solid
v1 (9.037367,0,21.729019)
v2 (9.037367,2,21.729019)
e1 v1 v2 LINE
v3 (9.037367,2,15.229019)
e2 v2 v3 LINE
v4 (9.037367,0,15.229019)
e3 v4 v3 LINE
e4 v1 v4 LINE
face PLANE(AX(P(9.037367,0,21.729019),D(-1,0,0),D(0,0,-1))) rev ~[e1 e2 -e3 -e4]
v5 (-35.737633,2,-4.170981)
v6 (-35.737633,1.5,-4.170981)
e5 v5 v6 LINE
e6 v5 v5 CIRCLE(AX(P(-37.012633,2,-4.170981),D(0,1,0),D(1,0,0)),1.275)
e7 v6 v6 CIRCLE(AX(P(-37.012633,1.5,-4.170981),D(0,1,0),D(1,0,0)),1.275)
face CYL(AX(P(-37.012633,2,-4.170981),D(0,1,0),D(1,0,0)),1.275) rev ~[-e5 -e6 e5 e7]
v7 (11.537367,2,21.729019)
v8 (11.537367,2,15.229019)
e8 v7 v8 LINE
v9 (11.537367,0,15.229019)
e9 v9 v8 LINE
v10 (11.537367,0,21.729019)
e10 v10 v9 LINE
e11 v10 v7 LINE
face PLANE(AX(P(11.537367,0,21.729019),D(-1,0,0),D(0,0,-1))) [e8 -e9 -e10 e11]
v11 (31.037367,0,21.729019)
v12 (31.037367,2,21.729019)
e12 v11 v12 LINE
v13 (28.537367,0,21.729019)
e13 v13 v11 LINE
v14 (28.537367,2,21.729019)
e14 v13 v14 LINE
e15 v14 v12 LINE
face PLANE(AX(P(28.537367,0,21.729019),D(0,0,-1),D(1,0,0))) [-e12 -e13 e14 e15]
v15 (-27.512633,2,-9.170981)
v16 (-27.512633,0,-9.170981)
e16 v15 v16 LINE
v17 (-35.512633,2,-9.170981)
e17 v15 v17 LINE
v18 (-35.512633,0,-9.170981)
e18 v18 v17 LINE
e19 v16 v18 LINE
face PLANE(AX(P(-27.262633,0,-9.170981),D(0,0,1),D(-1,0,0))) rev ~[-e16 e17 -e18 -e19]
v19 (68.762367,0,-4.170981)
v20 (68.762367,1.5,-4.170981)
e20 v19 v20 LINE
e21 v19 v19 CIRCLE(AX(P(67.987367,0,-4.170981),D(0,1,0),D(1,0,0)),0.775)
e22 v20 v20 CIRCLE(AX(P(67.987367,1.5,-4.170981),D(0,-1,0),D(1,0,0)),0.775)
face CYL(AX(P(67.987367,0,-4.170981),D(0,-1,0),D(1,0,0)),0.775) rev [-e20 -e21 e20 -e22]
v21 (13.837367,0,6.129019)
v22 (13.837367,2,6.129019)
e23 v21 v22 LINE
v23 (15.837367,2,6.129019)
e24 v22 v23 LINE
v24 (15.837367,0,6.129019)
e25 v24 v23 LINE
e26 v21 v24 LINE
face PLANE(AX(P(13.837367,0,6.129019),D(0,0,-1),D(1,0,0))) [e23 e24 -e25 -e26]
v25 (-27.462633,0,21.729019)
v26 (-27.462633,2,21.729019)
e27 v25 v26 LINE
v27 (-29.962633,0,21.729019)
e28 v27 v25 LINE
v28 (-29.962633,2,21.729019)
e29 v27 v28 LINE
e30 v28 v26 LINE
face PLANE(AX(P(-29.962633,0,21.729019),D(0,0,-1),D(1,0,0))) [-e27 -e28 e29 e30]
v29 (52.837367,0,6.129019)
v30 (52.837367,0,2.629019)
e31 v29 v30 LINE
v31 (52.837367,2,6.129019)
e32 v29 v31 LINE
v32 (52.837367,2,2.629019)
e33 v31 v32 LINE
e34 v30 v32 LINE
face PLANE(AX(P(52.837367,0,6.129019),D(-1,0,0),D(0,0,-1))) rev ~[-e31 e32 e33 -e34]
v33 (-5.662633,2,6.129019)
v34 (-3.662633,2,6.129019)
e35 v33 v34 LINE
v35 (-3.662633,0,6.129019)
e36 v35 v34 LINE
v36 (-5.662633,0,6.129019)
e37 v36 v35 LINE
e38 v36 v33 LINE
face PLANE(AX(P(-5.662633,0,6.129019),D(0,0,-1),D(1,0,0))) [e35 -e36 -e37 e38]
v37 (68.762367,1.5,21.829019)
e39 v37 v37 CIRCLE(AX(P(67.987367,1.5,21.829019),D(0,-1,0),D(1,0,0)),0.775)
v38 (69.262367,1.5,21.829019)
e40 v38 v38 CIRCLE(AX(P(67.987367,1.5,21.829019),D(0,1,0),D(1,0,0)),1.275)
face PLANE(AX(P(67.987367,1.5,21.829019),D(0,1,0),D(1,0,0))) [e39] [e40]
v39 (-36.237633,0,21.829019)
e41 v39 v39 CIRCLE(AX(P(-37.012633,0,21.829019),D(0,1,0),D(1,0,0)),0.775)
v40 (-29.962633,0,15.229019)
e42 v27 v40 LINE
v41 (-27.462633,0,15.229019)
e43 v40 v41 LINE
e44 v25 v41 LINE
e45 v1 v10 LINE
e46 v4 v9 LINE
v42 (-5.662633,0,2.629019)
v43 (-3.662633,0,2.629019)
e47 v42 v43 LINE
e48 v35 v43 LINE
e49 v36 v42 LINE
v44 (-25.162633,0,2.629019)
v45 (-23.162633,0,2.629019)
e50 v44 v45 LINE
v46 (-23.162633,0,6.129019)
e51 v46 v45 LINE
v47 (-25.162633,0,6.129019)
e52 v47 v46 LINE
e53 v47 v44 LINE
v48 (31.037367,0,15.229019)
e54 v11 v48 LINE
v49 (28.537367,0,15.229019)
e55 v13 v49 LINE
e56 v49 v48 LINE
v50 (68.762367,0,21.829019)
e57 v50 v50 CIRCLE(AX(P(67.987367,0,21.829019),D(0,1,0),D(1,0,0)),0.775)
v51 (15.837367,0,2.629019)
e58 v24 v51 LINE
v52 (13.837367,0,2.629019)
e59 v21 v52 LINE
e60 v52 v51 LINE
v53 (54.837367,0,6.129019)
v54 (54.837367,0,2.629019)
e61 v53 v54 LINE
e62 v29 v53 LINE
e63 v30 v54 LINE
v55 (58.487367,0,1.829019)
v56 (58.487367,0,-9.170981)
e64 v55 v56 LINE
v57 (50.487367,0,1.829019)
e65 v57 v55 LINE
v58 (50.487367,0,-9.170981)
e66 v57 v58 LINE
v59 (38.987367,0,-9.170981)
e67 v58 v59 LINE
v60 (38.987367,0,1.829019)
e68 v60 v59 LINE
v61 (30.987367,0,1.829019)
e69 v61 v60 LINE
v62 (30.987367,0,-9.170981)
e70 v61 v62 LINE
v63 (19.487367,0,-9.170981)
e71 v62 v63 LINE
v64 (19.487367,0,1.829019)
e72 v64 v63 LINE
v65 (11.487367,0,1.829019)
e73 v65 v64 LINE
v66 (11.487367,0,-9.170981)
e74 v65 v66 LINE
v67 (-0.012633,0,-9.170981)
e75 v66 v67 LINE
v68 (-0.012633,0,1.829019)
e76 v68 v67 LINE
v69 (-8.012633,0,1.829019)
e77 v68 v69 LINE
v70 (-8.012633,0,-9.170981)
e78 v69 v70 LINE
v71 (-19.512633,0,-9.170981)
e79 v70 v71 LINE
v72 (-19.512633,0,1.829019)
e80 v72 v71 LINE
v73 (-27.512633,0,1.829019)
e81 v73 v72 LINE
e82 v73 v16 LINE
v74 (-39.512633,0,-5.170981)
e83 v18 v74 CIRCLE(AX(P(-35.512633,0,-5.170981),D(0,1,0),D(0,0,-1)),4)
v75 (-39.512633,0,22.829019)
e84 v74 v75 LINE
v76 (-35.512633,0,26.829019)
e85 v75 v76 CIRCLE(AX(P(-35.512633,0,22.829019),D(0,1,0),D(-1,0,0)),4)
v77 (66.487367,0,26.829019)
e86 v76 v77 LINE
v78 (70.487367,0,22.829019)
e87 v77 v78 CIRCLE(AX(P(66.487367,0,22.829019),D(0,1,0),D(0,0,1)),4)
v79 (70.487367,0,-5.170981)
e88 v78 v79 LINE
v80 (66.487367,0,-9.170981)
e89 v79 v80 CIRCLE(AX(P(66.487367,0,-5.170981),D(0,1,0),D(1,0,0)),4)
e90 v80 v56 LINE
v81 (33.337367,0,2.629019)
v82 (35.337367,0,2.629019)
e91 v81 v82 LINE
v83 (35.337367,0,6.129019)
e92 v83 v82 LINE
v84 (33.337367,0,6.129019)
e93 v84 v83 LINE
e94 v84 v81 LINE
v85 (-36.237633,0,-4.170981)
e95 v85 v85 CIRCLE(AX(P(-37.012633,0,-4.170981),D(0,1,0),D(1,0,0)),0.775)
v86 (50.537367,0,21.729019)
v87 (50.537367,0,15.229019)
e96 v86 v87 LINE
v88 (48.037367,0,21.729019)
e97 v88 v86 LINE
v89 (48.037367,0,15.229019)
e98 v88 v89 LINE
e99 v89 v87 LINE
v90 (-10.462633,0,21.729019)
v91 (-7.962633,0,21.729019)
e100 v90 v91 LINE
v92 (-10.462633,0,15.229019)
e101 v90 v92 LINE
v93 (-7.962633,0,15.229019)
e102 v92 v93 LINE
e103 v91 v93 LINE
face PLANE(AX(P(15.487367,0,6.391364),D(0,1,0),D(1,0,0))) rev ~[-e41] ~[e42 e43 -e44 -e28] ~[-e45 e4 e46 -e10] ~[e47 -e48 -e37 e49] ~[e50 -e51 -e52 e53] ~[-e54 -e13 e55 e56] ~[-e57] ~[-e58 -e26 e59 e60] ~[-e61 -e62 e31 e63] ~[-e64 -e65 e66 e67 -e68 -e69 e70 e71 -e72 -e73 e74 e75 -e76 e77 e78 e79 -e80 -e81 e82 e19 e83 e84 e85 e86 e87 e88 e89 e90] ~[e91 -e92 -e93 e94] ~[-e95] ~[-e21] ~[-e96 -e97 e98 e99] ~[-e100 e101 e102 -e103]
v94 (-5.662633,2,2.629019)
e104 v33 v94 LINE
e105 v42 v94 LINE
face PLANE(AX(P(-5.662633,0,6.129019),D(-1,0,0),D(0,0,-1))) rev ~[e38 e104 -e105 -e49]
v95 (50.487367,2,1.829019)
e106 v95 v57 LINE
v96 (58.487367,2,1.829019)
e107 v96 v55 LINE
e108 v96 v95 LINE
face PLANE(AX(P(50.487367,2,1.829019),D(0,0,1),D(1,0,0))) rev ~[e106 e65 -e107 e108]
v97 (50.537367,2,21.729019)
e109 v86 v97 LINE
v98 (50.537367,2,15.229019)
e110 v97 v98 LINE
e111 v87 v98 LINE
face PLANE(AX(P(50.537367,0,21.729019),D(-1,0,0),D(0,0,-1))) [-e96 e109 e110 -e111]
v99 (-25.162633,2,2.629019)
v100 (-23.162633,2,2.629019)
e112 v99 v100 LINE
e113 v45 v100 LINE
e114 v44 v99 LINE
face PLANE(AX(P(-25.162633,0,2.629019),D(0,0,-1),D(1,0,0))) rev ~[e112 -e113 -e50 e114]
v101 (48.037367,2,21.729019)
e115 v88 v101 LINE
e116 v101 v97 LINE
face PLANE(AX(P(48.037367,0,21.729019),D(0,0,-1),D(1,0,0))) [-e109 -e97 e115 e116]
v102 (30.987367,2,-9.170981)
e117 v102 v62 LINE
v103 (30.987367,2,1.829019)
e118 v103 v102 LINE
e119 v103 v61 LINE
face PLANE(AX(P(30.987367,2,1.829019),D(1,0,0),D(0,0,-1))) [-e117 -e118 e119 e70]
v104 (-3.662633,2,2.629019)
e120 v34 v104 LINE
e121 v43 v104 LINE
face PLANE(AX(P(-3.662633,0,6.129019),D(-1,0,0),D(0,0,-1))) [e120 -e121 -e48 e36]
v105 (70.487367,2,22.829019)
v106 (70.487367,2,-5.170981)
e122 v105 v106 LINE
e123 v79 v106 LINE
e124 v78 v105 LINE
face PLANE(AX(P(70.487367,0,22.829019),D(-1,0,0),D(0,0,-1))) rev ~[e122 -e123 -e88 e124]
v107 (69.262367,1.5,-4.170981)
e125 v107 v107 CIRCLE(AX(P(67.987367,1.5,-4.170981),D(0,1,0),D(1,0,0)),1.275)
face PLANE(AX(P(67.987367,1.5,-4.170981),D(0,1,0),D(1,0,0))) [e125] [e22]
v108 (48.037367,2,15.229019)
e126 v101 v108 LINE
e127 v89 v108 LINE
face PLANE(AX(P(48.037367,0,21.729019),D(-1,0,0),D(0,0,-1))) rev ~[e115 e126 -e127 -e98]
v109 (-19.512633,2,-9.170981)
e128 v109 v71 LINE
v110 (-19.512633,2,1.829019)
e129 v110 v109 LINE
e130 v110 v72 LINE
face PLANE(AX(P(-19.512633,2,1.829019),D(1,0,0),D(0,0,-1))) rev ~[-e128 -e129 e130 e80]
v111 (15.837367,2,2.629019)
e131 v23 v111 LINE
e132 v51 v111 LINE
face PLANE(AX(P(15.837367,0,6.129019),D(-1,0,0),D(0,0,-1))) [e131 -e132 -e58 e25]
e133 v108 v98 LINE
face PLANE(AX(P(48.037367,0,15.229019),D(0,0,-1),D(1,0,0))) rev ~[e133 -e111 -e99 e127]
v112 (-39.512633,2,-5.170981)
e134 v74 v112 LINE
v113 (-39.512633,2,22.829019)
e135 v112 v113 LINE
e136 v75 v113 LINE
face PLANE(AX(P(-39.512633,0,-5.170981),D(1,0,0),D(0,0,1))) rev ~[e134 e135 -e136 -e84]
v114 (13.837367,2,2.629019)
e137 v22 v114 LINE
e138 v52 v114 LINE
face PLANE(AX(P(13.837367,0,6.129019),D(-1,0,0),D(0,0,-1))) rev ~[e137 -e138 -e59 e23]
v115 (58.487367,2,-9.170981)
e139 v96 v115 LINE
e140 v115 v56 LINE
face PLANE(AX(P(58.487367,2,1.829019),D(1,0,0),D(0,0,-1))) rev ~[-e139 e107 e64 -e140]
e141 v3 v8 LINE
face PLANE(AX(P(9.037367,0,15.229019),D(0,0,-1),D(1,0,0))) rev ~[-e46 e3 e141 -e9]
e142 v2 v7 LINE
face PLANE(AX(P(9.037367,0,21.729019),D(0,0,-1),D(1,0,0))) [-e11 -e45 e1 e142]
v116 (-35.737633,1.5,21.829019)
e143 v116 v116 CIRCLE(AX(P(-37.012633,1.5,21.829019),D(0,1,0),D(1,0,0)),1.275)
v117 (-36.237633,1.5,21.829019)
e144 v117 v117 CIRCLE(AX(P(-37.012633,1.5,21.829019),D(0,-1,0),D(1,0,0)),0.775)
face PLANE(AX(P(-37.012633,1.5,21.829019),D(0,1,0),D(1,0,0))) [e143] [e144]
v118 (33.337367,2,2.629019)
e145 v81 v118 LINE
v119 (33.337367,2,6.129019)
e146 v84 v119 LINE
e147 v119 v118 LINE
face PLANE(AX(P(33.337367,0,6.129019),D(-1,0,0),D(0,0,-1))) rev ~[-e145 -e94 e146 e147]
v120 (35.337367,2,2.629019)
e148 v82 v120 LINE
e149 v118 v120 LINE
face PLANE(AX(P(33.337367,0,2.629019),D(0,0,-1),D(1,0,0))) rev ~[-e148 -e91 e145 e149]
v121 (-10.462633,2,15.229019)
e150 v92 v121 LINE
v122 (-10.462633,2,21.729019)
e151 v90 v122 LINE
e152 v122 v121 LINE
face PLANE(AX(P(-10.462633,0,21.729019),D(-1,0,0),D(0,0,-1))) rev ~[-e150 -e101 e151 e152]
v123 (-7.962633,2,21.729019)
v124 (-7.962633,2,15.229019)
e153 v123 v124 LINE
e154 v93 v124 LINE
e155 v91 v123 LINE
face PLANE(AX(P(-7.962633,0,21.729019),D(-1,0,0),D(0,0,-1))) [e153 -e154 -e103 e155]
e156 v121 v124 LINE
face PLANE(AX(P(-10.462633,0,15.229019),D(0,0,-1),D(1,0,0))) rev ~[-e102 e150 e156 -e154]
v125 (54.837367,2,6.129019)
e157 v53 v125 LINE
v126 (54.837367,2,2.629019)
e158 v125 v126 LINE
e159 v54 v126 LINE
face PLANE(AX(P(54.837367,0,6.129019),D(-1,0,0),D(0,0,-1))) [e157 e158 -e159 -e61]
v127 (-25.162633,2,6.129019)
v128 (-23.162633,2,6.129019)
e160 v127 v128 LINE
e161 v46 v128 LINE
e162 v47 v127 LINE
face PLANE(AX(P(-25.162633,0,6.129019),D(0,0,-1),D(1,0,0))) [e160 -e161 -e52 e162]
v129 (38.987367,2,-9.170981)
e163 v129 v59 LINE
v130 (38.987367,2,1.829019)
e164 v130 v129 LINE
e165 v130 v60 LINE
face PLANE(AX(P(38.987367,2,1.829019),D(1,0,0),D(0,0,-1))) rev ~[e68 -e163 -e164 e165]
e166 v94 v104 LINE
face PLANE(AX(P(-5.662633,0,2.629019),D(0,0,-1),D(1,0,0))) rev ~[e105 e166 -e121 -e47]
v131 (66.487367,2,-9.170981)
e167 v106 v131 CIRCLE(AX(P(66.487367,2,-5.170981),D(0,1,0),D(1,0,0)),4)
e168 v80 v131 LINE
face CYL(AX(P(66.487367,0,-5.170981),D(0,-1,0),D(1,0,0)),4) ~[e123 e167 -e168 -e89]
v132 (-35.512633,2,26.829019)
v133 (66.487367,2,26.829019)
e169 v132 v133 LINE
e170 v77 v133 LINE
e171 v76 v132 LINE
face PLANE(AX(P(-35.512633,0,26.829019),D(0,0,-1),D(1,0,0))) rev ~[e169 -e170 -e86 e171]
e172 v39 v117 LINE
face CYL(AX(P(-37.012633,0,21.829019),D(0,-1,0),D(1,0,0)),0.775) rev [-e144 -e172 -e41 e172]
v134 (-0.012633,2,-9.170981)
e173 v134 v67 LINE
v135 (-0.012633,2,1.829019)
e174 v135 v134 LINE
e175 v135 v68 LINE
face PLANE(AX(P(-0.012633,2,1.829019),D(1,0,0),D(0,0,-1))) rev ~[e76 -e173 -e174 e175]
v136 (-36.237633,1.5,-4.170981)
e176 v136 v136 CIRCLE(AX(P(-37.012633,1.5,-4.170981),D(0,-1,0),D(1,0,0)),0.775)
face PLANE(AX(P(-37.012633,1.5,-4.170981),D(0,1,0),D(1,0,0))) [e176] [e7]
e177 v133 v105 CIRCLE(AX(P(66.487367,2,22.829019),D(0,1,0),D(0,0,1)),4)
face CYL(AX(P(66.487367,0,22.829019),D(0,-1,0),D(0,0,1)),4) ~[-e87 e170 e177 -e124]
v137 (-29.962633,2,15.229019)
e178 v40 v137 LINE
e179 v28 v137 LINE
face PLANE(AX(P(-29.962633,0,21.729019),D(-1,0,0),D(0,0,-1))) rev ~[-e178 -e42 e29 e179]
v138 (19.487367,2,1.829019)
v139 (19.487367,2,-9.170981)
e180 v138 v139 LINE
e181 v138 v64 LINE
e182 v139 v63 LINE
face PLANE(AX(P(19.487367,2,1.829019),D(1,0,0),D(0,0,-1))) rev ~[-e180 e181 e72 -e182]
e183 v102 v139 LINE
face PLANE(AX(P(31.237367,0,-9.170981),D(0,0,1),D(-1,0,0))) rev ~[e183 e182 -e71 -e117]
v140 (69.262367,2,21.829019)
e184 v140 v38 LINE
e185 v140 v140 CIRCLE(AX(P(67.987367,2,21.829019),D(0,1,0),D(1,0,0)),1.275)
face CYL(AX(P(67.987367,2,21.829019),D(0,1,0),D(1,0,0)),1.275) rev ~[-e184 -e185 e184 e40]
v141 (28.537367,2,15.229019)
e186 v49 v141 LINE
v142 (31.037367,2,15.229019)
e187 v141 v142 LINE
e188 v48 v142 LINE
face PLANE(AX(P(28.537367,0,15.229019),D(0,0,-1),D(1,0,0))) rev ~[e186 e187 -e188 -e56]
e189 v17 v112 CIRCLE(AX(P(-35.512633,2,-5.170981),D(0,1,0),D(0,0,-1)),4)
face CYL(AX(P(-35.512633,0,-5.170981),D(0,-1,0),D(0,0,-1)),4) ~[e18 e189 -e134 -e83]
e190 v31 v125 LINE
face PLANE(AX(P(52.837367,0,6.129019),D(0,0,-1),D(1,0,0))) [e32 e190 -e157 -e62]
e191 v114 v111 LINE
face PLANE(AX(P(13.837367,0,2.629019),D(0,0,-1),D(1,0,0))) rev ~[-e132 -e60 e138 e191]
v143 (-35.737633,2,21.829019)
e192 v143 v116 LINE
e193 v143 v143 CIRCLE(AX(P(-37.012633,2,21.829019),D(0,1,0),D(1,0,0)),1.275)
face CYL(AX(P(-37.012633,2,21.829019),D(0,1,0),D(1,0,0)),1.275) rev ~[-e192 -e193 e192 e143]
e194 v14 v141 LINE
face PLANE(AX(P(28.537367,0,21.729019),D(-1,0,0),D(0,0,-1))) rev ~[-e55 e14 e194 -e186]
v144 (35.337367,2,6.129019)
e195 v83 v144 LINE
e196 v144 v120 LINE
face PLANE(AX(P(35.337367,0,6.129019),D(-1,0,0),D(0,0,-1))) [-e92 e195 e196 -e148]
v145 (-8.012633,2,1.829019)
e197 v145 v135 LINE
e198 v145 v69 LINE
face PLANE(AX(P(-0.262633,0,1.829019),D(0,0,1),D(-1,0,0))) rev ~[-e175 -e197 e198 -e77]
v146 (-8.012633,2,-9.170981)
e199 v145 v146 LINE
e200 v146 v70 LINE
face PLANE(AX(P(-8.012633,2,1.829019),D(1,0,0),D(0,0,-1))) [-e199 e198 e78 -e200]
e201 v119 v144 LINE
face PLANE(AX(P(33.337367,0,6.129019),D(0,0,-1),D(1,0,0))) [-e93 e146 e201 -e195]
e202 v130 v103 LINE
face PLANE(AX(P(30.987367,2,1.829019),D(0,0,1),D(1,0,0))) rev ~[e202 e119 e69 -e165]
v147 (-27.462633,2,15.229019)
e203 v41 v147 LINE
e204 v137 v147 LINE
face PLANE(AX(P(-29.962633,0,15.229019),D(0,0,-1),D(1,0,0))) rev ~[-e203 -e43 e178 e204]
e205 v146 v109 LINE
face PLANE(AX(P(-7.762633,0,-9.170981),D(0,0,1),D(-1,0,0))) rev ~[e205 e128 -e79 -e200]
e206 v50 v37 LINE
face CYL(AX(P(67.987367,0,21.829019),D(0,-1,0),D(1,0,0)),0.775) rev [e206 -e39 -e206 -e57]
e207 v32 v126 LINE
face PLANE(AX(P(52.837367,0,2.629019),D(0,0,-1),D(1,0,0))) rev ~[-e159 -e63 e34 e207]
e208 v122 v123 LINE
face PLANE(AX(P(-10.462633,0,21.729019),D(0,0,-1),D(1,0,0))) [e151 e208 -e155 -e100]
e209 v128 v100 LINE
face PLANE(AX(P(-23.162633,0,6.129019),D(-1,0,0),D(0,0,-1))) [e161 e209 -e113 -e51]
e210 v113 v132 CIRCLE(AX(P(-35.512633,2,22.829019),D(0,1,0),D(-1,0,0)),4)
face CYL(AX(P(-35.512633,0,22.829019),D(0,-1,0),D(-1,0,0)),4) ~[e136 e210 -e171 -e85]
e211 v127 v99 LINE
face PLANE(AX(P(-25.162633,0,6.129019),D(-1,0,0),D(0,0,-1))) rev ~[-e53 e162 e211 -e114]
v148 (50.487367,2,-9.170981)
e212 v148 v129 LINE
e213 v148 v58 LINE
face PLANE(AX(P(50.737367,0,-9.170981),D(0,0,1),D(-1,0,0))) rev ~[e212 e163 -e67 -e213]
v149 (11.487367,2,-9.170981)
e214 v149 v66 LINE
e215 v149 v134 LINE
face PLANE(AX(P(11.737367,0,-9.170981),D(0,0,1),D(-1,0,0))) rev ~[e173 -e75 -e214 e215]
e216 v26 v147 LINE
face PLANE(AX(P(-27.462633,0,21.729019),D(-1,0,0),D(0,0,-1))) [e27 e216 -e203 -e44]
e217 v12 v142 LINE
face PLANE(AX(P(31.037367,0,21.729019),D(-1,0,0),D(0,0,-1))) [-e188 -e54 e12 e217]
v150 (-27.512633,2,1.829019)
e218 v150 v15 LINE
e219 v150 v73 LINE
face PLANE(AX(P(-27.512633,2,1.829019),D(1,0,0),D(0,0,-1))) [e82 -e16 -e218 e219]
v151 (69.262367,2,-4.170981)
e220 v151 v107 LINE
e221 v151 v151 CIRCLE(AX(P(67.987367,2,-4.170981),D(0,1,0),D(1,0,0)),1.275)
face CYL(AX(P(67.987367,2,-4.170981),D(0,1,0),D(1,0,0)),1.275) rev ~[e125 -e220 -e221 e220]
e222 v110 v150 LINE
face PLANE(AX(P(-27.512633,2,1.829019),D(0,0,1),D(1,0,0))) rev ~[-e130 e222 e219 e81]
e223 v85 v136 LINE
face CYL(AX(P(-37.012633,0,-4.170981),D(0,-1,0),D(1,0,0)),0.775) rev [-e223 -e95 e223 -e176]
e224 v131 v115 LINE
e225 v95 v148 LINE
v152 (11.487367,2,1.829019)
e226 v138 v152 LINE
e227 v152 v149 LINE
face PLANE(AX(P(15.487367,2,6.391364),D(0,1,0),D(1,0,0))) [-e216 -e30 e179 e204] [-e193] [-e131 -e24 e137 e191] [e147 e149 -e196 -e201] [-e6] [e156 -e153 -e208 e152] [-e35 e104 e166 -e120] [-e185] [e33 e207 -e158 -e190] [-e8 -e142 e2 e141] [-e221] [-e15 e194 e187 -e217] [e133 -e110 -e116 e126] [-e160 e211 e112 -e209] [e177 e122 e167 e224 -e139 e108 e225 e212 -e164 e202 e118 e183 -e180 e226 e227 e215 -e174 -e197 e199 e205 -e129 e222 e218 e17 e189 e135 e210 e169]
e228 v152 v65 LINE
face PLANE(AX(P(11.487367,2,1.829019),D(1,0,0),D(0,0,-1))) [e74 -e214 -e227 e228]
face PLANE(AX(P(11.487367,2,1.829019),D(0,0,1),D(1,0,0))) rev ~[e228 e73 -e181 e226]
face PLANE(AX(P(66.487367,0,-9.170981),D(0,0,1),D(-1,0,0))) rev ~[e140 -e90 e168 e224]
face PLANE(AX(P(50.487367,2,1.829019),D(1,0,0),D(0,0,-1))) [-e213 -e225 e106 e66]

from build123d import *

# Parameters (mm, degrees)
SKETCH1_R           = 0.775
SKETCH1_W           = 2
SKETCH1_H           = 3.5
SKETCH1_W_2         = 2.5
SKETCH1_H_2         = 6.5
BOSS_EXTRUDE1_DEPTH = 2
SKETCH2_R           = 1.275
CUT_EXTRUDE1_DEPTH  = 0.5
SKETCH3_W           = 8
SKETCH3_H           = 11
CUT_EXTRUDE2_DEPTH  = 3


with BuildPart() as part:
    # Sketch1 → Boss-Extrude1 (new body)
    with BuildSketch(Plane(origin=(0, 0, 0), x_dir=(1, 0, 0), z_dir=(0, 1, 0))):
        with BuildLine():
            Line((-0.26263299, 9.170981105), (-0.26263299, -1.829018895))
            Line((-0.26263299, -1.829018895), (-7.76263299, -1.829018895))
            Line((-7.76263299, -1.829018895), (-7.76263299, 9.170981105))
            Line((-7.76263299, 9.170981105), (-19.76263299, 9.170981105))
            Line((-19.76263299, 9.170981105), (-19.76263299, -1.829018895))
            Line((-19.76263299, -1.829018895), (-27.26263299, -1.829018895))
            Line((-27.26263299, -1.829018895), (-27.26263299, 9.170981105))
            Line((-27.26263299, 9.170981105), (-34.51263299, 9.170981105))
            Line((-34.51263299, 9.170981105), (-35.51263299, 9.170981105))
            ThreePointArc((-35.51263299, 9.170981105), (-38.341060114, 7.99940823), (-39.51263299, 5.170981105))
            Line((-39.51263299, 5.170981105), (-39.51263299, -22.829018895))
            ThreePointArc((-39.51263299, -22.829018895), (-38.341060114, -25.65744602), (-35.51263299, -26.829018895))
            Line((-35.51263299, -26.829018895), (-34.51263299, -26.829018895))
            Line((-34.51263299, -26.829018895), (65.48736701, -26.829018895))
            Line((65.48736701, -26.829018895), (66.48736701, -26.829018895))
            ThreePointArc((66.48736701, -26.829018895), (69.315794135, -25.65744602), (70.48736701, -22.829018895))
            Line((70.48736701, -22.829018895), (70.48736701, 5.170981105))
            ThreePointArc((70.48736701, 5.170981105), (69.315794135, 7.99940823), (66.48736701, 9.170981105))
            Line((66.48736701, 9.170981105), (65.48736701, 9.170981105))
            Line((65.48736701, 9.170981105), (58.23736701, 9.170981105))
            Line((58.23736701, 9.170981105), (58.23736701, -1.829018895))
            Line((58.23736701, -1.829018895), (50.73736701, -1.829018895))
            Line((50.73736701, -1.829018895), (50.73736701, 9.170981105))
            Line((50.73736701, 9.170981105), (38.73736701, 9.170981105))
            Line((38.73736701, 9.170981105), (38.73736701, -1.829018895))
            Line((38.73736701, -1.829018895), (31.23736701, -1.829018895))
            Line((31.23736701, -1.829018895), (31.23736701, 9.170981105))
            Line((31.23736701, 9.170981105), (19.23736701, 9.170981105))
            Line((19.23736701, 9.170981105), (19.23736701, -1.829018895))
            Line((19.23736701, -1.829018895), (11.73736701, -1.829018895))
            Line((11.73736701, -1.829018895), (11.73736701, 9.170981105))
            Line((11.73736701, 9.170981105), (-0.26263299, 9.170981105))
        make_face()
        with Locations((-37.01263299, 4.170981105)):
            Circle(SKETCH1_R, mode=Mode.SUBTRACT)
        with Locations((-37.01263299, -21.829018895)):
            Circle(SKETCH1_R, mode=Mode.SUBTRACT)
        with Locations((67.98736701, 4.170981105)):
            Circle(SKETCH1_R, mode=Mode.SUBTRACT)
        with Locations((67.98736701, -21.829018895)):
            Circle(SKETCH1_R, mode=Mode.SUBTRACT)
        with Locations((-24.16263299, -4.379018895)):
            Rectangle(SKETCH1_W, SKETCH1_H, mode=Mode.SUBTRACT)
        with Locations((-4.66263299, -4.379018895)):
            Rectangle(SKETCH1_W, SKETCH1_H, mode=Mode.SUBTRACT)
        with Locations((14.83736701, -4.379018895)):
            Rectangle(SKETCH1_W, SKETCH1_H, mode=Mode.SUBTRACT)
        with Locations((34.33736701, -4.379018895)):
            Rectangle(SKETCH1_W, SKETCH1_H, mode=Mode.SUBTRACT)
        with Locations((53.83736701, -4.379018895)):
            Rectangle(SKETCH1_W, SKETCH1_H, mode=Mode.SUBTRACT)
        with Locations((-9.21263299, -18.479018895)):
            Rectangle(SKETCH1_W_2, SKETCH1_H_2, mode=Mode.SUBTRACT)
        with Locations((-28.71263299, -18.479018895)):
            Rectangle(SKETCH1_W_2, SKETCH1_H_2, mode=Mode.SUBTRACT)
        with Locations((10.28736701, -18.479018895)):
            Rectangle(SKETCH1_W_2, SKETCH1_H_2, mode=Mode.SUBTRACT)
        with Locations((29.78736701, -18.479018895)):
            Rectangle(SKETCH1_W_2, SKETCH1_H_2, mode=Mode.SUBTRACT)
        with Locations((49.28736701, -18.479018895)):
            Rectangle(SKETCH1_W_2, SKETCH1_H_2, mode=Mode.SUBTRACT)
    extrude(amount=BOSS_EXTRUDE1_DEPTH)

    # Sketch2 → Cut-Extrude1 (cut)
    with BuildSketch(Plane(origin=(0, 2, 0), x_dir=(1, 0, 0), z_dir=(0, 1, 0))):
        with Locations((-37.01263299, 4.170981105)):
            Circle(SKETCH2_R)
        with Locations((-37.01263299, -21.829018895)):
            Circle(SKETCH2_R)
        with Locations((67.98736701, 4.170981105)):
            Circle(SKETCH2_R)
        with Locations((67.98736701, -21.829018895)):
            Circle(SKETCH2_R)
    extrude(amount=-CUT_EXTRUDE1_DEPTH, mode=Mode.SUBTRACT)

    # Sketch3 → Cut-Extrude2 (cut, through all)
    with BuildSketch(Plane(origin=(0, 2, 0), x_dir=(1, 0, 0), z_dir=(0, 1, 0))):
        with Locations((-23.51263299, 3.670981105)):
            Rectangle(SKETCH3_W, SKETCH3_H)
        with Locations((-4.01263299, 3.670981105)):
            Rectangle(SKETCH3_W, SKETCH3_H)
        with Locations((15.48736701, 3.670981105)):
            Rectangle(SKETCH3_W, SKETCH3_H)
        with Locations((34.98736701, 3.670981105)):
            Rectangle(SKETCH3_W, SKETCH3_H)
        with Locations((54.48736701, 3.670981105)):
            Rectangle(SKETCH3_W, SKETCH3_H)
    extrude(amount=-CUT_EXTRUDE2_DEPTH, mode=Mode.SUBTRACT)


solid = part.part
